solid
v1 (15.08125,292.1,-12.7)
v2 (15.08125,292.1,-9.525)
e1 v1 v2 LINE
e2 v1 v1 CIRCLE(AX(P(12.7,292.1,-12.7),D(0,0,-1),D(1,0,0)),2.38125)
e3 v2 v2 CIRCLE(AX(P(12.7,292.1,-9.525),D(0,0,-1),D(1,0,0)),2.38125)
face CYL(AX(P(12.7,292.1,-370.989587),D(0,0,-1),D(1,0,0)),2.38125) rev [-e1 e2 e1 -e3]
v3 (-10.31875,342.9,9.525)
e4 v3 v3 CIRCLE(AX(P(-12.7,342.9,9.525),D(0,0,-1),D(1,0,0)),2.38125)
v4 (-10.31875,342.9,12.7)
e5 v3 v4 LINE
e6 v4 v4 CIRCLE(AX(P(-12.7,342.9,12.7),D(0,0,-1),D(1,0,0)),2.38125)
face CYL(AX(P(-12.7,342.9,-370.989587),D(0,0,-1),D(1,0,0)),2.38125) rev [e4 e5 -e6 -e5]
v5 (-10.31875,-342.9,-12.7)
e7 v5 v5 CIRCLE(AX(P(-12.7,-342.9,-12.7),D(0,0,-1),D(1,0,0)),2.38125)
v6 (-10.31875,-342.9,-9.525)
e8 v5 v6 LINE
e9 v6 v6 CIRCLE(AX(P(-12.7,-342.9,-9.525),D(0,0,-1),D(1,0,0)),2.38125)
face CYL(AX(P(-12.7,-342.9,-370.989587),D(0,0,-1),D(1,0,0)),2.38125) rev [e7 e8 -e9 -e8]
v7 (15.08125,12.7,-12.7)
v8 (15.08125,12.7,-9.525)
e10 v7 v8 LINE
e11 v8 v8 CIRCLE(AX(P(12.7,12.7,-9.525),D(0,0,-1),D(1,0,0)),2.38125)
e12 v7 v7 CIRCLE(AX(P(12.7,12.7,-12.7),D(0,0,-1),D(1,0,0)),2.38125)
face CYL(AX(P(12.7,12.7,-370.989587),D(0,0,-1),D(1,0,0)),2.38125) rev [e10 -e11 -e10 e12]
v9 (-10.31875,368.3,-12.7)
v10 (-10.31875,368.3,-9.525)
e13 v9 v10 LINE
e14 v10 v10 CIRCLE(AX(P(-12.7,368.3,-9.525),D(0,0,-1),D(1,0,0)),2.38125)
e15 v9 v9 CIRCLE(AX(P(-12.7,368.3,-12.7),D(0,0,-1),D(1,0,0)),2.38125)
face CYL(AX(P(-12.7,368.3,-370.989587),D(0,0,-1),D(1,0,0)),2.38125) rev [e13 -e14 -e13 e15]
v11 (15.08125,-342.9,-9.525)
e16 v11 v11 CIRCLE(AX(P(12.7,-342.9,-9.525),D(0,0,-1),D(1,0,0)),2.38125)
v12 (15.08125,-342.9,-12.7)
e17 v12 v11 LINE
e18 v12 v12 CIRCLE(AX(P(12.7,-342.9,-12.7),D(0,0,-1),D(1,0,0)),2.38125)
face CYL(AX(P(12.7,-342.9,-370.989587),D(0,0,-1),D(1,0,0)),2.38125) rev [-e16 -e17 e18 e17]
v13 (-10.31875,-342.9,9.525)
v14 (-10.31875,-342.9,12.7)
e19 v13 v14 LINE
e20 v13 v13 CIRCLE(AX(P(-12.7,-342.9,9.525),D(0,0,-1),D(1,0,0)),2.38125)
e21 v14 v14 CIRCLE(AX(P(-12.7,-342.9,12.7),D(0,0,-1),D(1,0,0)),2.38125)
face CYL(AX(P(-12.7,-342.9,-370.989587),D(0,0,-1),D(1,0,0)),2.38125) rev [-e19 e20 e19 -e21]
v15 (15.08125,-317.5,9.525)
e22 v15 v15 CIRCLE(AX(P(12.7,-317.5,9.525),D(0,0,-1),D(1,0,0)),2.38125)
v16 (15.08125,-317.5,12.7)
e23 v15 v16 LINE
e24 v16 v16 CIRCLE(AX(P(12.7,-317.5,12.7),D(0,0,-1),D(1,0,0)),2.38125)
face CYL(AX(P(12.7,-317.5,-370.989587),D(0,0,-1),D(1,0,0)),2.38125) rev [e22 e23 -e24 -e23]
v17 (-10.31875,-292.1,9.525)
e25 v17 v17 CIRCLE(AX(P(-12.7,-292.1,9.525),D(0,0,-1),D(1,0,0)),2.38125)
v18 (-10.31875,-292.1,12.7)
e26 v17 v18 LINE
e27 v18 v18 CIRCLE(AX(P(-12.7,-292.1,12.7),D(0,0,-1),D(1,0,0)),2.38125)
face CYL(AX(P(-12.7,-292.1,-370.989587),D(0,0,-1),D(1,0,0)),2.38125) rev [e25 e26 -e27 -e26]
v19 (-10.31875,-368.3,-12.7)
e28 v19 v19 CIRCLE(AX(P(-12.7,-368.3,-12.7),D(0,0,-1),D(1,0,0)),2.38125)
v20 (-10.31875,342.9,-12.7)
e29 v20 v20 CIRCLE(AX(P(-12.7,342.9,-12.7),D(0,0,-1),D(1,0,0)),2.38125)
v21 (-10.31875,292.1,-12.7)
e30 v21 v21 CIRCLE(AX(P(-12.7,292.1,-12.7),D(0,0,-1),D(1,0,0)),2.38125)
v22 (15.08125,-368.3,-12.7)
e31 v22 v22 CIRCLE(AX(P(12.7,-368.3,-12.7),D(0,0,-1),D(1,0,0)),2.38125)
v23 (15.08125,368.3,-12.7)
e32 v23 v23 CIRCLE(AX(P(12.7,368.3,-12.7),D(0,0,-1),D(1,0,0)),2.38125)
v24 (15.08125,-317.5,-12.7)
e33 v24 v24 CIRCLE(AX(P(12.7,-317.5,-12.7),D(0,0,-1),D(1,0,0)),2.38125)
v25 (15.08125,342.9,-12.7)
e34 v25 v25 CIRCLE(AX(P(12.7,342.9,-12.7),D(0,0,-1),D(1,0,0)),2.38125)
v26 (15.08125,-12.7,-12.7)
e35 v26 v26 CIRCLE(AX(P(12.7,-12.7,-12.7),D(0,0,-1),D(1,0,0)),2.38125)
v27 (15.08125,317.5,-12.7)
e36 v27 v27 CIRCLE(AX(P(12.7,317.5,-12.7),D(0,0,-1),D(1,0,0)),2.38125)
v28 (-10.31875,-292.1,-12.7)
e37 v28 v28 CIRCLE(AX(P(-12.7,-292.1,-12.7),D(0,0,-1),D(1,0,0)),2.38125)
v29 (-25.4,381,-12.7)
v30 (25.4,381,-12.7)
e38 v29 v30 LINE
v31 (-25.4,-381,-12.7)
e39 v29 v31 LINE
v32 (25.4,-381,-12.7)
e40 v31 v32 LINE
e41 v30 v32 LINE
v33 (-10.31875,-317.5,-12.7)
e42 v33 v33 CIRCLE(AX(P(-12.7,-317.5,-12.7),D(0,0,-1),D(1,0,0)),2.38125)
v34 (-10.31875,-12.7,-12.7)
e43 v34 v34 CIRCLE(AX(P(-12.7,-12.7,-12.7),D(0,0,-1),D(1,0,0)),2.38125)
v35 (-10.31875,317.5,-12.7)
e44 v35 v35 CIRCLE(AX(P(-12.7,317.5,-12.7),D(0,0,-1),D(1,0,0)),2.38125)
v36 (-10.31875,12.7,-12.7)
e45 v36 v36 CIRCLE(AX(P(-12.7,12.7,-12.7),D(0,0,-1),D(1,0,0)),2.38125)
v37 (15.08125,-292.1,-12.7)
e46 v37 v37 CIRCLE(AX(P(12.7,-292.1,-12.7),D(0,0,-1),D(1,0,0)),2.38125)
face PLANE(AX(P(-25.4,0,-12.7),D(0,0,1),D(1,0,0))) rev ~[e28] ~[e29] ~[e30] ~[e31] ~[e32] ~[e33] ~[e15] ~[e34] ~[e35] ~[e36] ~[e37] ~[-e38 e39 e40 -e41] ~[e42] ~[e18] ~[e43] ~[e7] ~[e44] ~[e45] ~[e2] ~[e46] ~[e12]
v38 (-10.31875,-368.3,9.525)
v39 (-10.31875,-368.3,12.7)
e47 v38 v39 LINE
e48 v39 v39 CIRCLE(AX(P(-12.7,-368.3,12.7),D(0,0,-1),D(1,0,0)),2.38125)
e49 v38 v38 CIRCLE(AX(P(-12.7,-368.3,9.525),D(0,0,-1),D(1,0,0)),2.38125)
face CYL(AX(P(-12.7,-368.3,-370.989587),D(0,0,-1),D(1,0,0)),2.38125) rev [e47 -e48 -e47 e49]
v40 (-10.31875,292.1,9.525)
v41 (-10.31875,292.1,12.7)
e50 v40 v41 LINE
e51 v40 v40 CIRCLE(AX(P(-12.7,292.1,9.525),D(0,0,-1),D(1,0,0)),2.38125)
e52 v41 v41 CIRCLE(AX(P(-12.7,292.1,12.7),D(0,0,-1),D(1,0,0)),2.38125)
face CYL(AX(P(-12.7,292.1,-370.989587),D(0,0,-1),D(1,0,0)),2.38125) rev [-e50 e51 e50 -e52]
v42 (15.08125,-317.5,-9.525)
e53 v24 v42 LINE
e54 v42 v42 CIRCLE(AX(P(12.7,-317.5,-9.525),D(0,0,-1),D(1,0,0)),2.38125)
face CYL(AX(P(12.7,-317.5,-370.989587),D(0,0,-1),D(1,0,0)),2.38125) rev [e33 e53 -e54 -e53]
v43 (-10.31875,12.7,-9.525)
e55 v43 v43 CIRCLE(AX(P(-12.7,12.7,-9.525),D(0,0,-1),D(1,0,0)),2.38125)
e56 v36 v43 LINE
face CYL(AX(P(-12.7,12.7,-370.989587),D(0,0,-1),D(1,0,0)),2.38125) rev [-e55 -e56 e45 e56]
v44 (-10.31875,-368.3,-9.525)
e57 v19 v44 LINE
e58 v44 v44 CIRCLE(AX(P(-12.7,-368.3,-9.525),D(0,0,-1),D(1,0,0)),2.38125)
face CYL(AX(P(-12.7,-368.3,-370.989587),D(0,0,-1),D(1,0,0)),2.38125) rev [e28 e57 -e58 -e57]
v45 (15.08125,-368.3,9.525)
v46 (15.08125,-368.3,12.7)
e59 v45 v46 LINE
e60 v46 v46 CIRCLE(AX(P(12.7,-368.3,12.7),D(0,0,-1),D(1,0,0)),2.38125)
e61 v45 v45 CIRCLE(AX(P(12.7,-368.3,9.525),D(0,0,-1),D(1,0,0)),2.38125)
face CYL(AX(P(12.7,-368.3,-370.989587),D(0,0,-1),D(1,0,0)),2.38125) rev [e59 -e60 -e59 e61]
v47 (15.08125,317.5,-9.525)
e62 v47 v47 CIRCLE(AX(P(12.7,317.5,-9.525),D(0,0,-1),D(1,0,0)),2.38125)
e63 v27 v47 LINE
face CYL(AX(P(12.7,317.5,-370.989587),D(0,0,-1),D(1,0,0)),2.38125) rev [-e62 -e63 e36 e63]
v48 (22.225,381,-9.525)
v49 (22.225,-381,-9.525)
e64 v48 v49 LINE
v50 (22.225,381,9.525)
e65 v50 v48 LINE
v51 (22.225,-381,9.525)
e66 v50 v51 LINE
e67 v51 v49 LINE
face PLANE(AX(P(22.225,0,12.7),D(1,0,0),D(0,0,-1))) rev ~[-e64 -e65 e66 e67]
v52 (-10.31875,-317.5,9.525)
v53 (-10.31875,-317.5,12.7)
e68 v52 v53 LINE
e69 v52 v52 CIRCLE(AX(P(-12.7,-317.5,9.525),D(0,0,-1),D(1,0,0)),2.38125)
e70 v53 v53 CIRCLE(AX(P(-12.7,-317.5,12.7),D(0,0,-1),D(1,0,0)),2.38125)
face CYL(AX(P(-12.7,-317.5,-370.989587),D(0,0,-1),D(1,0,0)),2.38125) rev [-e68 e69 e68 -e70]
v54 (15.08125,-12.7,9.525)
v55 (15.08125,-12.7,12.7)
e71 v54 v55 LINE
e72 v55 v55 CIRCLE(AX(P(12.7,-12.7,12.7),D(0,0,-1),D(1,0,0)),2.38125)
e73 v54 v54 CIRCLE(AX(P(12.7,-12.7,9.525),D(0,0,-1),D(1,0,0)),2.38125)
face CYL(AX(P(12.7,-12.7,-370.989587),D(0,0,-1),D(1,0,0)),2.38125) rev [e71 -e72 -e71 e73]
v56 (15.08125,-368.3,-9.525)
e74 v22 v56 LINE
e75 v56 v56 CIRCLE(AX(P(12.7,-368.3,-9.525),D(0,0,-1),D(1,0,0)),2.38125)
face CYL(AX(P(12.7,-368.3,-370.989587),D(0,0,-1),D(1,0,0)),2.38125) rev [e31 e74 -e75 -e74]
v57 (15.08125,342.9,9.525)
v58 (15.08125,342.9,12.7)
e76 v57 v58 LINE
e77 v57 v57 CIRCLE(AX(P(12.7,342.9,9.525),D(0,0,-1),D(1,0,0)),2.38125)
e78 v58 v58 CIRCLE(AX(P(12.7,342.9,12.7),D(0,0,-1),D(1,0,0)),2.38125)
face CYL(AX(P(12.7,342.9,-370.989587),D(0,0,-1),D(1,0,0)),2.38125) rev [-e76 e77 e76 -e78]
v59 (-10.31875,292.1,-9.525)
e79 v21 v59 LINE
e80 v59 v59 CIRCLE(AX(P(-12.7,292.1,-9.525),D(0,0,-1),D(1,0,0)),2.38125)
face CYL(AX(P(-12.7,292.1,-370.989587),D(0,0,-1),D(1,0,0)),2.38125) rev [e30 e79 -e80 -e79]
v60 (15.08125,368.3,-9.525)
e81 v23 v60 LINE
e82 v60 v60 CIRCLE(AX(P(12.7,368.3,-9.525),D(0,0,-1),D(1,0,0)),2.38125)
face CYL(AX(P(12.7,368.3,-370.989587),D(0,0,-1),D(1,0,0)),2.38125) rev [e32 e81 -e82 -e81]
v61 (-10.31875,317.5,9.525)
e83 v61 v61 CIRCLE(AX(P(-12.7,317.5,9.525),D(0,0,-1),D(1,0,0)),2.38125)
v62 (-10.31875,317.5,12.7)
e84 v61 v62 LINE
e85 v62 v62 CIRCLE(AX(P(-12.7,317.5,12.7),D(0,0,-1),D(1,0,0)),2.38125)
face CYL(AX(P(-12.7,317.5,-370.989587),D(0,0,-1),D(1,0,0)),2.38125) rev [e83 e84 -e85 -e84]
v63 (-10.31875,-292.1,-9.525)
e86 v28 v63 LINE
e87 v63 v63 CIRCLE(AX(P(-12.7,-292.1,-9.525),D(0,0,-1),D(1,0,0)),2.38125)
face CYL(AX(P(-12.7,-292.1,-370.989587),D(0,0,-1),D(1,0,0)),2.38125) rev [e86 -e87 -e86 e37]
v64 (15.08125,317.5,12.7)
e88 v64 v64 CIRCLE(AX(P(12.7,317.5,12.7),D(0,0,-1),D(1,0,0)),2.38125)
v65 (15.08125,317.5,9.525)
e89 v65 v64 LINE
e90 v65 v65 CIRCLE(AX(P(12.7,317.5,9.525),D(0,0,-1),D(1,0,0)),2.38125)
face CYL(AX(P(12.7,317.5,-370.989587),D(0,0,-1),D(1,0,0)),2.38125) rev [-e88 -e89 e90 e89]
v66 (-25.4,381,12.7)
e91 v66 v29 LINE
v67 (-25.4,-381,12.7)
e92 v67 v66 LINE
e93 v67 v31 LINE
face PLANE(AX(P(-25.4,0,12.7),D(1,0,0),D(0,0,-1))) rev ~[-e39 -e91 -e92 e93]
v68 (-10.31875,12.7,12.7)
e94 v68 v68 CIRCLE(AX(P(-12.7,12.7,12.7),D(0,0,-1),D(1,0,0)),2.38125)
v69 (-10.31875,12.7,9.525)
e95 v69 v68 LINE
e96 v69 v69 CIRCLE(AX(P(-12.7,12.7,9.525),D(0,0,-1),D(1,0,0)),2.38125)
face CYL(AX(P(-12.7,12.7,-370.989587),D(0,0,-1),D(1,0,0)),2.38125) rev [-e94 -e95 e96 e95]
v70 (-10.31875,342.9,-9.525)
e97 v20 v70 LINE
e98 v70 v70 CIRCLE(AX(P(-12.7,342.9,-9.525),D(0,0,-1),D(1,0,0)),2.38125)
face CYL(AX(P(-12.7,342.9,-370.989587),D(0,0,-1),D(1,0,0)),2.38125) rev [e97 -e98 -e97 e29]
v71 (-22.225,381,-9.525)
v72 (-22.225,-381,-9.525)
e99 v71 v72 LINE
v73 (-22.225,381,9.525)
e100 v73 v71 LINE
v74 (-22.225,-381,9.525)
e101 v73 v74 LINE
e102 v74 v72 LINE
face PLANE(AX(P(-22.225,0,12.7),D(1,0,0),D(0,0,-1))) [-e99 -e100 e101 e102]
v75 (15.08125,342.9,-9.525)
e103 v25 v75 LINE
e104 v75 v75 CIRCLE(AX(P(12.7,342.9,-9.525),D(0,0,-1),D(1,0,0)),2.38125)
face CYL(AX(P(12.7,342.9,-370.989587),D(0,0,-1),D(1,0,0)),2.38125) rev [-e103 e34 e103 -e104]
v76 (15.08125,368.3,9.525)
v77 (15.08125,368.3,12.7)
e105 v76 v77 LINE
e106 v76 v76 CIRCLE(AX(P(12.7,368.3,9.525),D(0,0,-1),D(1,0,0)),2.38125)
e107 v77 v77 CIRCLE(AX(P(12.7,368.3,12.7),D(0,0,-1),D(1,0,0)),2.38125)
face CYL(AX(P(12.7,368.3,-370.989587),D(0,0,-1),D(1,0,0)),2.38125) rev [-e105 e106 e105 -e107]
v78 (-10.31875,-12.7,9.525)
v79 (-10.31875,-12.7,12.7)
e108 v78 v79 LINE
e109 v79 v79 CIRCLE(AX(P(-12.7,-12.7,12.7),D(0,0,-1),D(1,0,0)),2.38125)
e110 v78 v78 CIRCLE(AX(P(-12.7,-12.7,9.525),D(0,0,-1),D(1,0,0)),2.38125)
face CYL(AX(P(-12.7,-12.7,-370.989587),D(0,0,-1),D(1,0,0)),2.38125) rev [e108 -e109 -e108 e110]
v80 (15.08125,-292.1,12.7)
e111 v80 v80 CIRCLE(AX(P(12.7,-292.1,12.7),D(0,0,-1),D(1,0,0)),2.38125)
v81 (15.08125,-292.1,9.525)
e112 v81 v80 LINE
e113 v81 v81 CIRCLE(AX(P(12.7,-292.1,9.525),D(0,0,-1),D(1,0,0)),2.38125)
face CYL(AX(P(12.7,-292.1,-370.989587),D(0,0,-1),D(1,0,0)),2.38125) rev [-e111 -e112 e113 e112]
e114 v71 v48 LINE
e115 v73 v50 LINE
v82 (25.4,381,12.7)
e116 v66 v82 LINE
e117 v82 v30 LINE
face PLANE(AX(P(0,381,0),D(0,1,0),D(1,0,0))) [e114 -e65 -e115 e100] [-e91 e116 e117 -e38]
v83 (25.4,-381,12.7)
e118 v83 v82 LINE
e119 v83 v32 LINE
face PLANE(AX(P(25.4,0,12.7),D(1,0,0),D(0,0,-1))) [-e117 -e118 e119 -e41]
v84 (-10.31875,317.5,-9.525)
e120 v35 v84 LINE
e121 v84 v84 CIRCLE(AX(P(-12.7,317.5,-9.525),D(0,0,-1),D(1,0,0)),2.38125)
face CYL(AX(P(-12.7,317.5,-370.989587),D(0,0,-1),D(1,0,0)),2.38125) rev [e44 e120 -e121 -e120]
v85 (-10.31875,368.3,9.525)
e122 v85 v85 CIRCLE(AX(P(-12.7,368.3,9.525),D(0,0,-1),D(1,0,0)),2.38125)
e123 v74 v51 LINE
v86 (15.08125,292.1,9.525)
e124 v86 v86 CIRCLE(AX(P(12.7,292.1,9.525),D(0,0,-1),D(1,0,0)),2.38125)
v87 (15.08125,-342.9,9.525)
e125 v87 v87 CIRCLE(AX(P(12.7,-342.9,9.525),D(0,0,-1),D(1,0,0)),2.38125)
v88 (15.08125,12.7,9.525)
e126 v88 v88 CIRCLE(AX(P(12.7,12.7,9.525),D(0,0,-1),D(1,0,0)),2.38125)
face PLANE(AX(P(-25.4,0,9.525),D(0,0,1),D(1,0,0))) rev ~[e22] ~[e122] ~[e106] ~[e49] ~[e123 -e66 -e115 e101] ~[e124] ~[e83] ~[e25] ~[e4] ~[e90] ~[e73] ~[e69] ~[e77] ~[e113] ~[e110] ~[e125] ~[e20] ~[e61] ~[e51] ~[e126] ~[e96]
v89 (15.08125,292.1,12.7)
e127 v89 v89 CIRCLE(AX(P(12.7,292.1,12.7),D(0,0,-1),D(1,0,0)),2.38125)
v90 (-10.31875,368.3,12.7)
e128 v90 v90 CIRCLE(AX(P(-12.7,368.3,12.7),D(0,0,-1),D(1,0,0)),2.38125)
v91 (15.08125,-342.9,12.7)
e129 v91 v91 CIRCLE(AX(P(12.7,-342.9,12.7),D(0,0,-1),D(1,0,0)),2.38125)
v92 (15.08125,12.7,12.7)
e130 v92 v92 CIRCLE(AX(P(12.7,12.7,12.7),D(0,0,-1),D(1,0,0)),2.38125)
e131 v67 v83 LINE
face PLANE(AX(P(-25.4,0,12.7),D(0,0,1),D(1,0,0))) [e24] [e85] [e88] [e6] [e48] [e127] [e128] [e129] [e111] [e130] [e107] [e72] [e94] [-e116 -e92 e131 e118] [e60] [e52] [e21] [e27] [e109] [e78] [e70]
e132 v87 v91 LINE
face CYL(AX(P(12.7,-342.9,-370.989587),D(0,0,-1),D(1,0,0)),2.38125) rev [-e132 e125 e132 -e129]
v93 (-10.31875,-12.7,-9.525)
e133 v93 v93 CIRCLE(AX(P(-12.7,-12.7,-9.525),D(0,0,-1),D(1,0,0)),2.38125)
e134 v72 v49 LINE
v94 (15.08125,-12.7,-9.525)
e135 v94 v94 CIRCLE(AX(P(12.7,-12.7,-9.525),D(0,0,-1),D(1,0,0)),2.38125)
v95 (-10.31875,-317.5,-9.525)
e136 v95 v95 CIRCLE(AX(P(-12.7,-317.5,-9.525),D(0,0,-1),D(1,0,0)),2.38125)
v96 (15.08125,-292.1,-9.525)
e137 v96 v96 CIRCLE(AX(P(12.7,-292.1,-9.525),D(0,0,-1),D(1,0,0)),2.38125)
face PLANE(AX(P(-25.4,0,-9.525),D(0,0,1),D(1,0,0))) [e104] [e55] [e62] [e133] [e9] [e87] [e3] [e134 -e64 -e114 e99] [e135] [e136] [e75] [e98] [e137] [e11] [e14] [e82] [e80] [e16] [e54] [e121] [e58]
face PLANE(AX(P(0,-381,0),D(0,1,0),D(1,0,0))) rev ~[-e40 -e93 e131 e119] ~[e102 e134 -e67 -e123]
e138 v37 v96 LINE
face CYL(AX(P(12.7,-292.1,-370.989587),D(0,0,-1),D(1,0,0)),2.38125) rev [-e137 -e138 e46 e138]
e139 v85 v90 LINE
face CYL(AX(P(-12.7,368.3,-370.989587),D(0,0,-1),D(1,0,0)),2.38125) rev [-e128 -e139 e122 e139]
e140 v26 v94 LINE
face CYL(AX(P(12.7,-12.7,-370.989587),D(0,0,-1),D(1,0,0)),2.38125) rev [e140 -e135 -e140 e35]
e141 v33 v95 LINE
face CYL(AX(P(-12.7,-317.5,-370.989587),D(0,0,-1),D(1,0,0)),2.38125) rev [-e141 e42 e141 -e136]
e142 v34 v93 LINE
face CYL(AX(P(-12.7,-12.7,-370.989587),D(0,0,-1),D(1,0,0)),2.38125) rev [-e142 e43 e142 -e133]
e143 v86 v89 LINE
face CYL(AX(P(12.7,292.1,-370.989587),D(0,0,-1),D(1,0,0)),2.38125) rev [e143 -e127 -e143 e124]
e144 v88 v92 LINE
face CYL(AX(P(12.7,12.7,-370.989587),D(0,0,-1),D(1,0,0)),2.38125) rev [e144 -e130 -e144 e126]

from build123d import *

# Parameters (mm, degrees)
SKETCH1_W               = 50.8
SKETCH1_H               = 25.4
BOSS_EXTRUDE1_DEPTH     = 381
SHELL1_T                = -3.175
CUT_EXTRUDE2_DEPTH      = 383.689587002
CUT_EXTRUDE2_DEPTH_BACK = 383.689587002
SKETCH5_R               = 2.38125


with BuildPart() as part:
    # Sketch1 → Boss-Extrude1 (new, symmetric)
    with BuildSketch(Plane(origin=(0, 0, 0), x_dir=(1, 0, 0), z_dir=(0, 1, 0))):
        Rectangle(SKETCH1_W, SKETCH1_H)
    extrude(amount=BOSS_EXTRUDE1_DEPTH, both=True)

    # Shell1
    shell1_openings = [part.faces().sort_by_distance(p)[0] for p in [
        (0, 381, 0),
        (0, -381, 0),
    ]]
    offset(amount=SHELL1_T, openings=shell1_openings, kind=Kind.INTERSECTION)

    # Sketch5 → Cut-Extrude2 (cut, two sides: drawn at the far end of the back side and taken through both)
    with BuildSketch(Plane.XY.offset(12.7).offset(-CUT_EXTRUDE2_DEPTH_BACK)):
        with Locations((-12.7, 368.3)):
            Circle(SKETCH5_R)
        with Locations((12.7, 368.3)):
            Circle(SKETCH5_R)
        with Locations((12.7, 342.9)):
            Circle(SKETCH5_R)
        with Locations((-12.7, 342.9)):
            Circle(SKETCH5_R)
        with Locations((-12.7, -342.9)):
            Circle(SKETCH5_R)
        with Locations((12.7, -342.9)):
            Circle(SKETCH5_R)
        with Locations((12.7, -368.3)):
            Circle(SKETCH5_R)
        with Locations((-12.7, -368.3)):
            Circle(SKETCH5_R)
        with Locations((-12.7, 12.7)):
            Circle(SKETCH5_R)
        with Locations((12.7, 12.7)):
            Circle(SKETCH5_R)
        with Locations((12.7, -12.7)):
            Circle(SKETCH5_R)
        with Locations((-12.7, -12.7)):
            Circle(SKETCH5_R)
        with Locations((-12.7, 317.5)):
            Circle(SKETCH5_R)
        with Locations((12.7, 317.5)):
            Circle(SKETCH5_R)
        with Locations((12.7, 292.1)):
            Circle(SKETCH5_R)
        with Locations((-12.7, 292.1)):
            Circle(SKETCH5_R)
        with Locations((-12.7, -292.1)):
            Circle(SKETCH5_R)
        with Locations((12.7, -292.1)):
            Circle(SKETCH5_R)
        with Locations((12.7, -317.5)):
            Circle(SKETCH5_R)
        with Locations((-12.7, -317.5)):
            Circle(SKETCH5_R)
    extrude(amount=CUT_EXTRUDE2_DEPTH + CUT_EXTRUDE2_DEPTH_BACK, mode=Mode.SUBTRACT)


solid = part.part
